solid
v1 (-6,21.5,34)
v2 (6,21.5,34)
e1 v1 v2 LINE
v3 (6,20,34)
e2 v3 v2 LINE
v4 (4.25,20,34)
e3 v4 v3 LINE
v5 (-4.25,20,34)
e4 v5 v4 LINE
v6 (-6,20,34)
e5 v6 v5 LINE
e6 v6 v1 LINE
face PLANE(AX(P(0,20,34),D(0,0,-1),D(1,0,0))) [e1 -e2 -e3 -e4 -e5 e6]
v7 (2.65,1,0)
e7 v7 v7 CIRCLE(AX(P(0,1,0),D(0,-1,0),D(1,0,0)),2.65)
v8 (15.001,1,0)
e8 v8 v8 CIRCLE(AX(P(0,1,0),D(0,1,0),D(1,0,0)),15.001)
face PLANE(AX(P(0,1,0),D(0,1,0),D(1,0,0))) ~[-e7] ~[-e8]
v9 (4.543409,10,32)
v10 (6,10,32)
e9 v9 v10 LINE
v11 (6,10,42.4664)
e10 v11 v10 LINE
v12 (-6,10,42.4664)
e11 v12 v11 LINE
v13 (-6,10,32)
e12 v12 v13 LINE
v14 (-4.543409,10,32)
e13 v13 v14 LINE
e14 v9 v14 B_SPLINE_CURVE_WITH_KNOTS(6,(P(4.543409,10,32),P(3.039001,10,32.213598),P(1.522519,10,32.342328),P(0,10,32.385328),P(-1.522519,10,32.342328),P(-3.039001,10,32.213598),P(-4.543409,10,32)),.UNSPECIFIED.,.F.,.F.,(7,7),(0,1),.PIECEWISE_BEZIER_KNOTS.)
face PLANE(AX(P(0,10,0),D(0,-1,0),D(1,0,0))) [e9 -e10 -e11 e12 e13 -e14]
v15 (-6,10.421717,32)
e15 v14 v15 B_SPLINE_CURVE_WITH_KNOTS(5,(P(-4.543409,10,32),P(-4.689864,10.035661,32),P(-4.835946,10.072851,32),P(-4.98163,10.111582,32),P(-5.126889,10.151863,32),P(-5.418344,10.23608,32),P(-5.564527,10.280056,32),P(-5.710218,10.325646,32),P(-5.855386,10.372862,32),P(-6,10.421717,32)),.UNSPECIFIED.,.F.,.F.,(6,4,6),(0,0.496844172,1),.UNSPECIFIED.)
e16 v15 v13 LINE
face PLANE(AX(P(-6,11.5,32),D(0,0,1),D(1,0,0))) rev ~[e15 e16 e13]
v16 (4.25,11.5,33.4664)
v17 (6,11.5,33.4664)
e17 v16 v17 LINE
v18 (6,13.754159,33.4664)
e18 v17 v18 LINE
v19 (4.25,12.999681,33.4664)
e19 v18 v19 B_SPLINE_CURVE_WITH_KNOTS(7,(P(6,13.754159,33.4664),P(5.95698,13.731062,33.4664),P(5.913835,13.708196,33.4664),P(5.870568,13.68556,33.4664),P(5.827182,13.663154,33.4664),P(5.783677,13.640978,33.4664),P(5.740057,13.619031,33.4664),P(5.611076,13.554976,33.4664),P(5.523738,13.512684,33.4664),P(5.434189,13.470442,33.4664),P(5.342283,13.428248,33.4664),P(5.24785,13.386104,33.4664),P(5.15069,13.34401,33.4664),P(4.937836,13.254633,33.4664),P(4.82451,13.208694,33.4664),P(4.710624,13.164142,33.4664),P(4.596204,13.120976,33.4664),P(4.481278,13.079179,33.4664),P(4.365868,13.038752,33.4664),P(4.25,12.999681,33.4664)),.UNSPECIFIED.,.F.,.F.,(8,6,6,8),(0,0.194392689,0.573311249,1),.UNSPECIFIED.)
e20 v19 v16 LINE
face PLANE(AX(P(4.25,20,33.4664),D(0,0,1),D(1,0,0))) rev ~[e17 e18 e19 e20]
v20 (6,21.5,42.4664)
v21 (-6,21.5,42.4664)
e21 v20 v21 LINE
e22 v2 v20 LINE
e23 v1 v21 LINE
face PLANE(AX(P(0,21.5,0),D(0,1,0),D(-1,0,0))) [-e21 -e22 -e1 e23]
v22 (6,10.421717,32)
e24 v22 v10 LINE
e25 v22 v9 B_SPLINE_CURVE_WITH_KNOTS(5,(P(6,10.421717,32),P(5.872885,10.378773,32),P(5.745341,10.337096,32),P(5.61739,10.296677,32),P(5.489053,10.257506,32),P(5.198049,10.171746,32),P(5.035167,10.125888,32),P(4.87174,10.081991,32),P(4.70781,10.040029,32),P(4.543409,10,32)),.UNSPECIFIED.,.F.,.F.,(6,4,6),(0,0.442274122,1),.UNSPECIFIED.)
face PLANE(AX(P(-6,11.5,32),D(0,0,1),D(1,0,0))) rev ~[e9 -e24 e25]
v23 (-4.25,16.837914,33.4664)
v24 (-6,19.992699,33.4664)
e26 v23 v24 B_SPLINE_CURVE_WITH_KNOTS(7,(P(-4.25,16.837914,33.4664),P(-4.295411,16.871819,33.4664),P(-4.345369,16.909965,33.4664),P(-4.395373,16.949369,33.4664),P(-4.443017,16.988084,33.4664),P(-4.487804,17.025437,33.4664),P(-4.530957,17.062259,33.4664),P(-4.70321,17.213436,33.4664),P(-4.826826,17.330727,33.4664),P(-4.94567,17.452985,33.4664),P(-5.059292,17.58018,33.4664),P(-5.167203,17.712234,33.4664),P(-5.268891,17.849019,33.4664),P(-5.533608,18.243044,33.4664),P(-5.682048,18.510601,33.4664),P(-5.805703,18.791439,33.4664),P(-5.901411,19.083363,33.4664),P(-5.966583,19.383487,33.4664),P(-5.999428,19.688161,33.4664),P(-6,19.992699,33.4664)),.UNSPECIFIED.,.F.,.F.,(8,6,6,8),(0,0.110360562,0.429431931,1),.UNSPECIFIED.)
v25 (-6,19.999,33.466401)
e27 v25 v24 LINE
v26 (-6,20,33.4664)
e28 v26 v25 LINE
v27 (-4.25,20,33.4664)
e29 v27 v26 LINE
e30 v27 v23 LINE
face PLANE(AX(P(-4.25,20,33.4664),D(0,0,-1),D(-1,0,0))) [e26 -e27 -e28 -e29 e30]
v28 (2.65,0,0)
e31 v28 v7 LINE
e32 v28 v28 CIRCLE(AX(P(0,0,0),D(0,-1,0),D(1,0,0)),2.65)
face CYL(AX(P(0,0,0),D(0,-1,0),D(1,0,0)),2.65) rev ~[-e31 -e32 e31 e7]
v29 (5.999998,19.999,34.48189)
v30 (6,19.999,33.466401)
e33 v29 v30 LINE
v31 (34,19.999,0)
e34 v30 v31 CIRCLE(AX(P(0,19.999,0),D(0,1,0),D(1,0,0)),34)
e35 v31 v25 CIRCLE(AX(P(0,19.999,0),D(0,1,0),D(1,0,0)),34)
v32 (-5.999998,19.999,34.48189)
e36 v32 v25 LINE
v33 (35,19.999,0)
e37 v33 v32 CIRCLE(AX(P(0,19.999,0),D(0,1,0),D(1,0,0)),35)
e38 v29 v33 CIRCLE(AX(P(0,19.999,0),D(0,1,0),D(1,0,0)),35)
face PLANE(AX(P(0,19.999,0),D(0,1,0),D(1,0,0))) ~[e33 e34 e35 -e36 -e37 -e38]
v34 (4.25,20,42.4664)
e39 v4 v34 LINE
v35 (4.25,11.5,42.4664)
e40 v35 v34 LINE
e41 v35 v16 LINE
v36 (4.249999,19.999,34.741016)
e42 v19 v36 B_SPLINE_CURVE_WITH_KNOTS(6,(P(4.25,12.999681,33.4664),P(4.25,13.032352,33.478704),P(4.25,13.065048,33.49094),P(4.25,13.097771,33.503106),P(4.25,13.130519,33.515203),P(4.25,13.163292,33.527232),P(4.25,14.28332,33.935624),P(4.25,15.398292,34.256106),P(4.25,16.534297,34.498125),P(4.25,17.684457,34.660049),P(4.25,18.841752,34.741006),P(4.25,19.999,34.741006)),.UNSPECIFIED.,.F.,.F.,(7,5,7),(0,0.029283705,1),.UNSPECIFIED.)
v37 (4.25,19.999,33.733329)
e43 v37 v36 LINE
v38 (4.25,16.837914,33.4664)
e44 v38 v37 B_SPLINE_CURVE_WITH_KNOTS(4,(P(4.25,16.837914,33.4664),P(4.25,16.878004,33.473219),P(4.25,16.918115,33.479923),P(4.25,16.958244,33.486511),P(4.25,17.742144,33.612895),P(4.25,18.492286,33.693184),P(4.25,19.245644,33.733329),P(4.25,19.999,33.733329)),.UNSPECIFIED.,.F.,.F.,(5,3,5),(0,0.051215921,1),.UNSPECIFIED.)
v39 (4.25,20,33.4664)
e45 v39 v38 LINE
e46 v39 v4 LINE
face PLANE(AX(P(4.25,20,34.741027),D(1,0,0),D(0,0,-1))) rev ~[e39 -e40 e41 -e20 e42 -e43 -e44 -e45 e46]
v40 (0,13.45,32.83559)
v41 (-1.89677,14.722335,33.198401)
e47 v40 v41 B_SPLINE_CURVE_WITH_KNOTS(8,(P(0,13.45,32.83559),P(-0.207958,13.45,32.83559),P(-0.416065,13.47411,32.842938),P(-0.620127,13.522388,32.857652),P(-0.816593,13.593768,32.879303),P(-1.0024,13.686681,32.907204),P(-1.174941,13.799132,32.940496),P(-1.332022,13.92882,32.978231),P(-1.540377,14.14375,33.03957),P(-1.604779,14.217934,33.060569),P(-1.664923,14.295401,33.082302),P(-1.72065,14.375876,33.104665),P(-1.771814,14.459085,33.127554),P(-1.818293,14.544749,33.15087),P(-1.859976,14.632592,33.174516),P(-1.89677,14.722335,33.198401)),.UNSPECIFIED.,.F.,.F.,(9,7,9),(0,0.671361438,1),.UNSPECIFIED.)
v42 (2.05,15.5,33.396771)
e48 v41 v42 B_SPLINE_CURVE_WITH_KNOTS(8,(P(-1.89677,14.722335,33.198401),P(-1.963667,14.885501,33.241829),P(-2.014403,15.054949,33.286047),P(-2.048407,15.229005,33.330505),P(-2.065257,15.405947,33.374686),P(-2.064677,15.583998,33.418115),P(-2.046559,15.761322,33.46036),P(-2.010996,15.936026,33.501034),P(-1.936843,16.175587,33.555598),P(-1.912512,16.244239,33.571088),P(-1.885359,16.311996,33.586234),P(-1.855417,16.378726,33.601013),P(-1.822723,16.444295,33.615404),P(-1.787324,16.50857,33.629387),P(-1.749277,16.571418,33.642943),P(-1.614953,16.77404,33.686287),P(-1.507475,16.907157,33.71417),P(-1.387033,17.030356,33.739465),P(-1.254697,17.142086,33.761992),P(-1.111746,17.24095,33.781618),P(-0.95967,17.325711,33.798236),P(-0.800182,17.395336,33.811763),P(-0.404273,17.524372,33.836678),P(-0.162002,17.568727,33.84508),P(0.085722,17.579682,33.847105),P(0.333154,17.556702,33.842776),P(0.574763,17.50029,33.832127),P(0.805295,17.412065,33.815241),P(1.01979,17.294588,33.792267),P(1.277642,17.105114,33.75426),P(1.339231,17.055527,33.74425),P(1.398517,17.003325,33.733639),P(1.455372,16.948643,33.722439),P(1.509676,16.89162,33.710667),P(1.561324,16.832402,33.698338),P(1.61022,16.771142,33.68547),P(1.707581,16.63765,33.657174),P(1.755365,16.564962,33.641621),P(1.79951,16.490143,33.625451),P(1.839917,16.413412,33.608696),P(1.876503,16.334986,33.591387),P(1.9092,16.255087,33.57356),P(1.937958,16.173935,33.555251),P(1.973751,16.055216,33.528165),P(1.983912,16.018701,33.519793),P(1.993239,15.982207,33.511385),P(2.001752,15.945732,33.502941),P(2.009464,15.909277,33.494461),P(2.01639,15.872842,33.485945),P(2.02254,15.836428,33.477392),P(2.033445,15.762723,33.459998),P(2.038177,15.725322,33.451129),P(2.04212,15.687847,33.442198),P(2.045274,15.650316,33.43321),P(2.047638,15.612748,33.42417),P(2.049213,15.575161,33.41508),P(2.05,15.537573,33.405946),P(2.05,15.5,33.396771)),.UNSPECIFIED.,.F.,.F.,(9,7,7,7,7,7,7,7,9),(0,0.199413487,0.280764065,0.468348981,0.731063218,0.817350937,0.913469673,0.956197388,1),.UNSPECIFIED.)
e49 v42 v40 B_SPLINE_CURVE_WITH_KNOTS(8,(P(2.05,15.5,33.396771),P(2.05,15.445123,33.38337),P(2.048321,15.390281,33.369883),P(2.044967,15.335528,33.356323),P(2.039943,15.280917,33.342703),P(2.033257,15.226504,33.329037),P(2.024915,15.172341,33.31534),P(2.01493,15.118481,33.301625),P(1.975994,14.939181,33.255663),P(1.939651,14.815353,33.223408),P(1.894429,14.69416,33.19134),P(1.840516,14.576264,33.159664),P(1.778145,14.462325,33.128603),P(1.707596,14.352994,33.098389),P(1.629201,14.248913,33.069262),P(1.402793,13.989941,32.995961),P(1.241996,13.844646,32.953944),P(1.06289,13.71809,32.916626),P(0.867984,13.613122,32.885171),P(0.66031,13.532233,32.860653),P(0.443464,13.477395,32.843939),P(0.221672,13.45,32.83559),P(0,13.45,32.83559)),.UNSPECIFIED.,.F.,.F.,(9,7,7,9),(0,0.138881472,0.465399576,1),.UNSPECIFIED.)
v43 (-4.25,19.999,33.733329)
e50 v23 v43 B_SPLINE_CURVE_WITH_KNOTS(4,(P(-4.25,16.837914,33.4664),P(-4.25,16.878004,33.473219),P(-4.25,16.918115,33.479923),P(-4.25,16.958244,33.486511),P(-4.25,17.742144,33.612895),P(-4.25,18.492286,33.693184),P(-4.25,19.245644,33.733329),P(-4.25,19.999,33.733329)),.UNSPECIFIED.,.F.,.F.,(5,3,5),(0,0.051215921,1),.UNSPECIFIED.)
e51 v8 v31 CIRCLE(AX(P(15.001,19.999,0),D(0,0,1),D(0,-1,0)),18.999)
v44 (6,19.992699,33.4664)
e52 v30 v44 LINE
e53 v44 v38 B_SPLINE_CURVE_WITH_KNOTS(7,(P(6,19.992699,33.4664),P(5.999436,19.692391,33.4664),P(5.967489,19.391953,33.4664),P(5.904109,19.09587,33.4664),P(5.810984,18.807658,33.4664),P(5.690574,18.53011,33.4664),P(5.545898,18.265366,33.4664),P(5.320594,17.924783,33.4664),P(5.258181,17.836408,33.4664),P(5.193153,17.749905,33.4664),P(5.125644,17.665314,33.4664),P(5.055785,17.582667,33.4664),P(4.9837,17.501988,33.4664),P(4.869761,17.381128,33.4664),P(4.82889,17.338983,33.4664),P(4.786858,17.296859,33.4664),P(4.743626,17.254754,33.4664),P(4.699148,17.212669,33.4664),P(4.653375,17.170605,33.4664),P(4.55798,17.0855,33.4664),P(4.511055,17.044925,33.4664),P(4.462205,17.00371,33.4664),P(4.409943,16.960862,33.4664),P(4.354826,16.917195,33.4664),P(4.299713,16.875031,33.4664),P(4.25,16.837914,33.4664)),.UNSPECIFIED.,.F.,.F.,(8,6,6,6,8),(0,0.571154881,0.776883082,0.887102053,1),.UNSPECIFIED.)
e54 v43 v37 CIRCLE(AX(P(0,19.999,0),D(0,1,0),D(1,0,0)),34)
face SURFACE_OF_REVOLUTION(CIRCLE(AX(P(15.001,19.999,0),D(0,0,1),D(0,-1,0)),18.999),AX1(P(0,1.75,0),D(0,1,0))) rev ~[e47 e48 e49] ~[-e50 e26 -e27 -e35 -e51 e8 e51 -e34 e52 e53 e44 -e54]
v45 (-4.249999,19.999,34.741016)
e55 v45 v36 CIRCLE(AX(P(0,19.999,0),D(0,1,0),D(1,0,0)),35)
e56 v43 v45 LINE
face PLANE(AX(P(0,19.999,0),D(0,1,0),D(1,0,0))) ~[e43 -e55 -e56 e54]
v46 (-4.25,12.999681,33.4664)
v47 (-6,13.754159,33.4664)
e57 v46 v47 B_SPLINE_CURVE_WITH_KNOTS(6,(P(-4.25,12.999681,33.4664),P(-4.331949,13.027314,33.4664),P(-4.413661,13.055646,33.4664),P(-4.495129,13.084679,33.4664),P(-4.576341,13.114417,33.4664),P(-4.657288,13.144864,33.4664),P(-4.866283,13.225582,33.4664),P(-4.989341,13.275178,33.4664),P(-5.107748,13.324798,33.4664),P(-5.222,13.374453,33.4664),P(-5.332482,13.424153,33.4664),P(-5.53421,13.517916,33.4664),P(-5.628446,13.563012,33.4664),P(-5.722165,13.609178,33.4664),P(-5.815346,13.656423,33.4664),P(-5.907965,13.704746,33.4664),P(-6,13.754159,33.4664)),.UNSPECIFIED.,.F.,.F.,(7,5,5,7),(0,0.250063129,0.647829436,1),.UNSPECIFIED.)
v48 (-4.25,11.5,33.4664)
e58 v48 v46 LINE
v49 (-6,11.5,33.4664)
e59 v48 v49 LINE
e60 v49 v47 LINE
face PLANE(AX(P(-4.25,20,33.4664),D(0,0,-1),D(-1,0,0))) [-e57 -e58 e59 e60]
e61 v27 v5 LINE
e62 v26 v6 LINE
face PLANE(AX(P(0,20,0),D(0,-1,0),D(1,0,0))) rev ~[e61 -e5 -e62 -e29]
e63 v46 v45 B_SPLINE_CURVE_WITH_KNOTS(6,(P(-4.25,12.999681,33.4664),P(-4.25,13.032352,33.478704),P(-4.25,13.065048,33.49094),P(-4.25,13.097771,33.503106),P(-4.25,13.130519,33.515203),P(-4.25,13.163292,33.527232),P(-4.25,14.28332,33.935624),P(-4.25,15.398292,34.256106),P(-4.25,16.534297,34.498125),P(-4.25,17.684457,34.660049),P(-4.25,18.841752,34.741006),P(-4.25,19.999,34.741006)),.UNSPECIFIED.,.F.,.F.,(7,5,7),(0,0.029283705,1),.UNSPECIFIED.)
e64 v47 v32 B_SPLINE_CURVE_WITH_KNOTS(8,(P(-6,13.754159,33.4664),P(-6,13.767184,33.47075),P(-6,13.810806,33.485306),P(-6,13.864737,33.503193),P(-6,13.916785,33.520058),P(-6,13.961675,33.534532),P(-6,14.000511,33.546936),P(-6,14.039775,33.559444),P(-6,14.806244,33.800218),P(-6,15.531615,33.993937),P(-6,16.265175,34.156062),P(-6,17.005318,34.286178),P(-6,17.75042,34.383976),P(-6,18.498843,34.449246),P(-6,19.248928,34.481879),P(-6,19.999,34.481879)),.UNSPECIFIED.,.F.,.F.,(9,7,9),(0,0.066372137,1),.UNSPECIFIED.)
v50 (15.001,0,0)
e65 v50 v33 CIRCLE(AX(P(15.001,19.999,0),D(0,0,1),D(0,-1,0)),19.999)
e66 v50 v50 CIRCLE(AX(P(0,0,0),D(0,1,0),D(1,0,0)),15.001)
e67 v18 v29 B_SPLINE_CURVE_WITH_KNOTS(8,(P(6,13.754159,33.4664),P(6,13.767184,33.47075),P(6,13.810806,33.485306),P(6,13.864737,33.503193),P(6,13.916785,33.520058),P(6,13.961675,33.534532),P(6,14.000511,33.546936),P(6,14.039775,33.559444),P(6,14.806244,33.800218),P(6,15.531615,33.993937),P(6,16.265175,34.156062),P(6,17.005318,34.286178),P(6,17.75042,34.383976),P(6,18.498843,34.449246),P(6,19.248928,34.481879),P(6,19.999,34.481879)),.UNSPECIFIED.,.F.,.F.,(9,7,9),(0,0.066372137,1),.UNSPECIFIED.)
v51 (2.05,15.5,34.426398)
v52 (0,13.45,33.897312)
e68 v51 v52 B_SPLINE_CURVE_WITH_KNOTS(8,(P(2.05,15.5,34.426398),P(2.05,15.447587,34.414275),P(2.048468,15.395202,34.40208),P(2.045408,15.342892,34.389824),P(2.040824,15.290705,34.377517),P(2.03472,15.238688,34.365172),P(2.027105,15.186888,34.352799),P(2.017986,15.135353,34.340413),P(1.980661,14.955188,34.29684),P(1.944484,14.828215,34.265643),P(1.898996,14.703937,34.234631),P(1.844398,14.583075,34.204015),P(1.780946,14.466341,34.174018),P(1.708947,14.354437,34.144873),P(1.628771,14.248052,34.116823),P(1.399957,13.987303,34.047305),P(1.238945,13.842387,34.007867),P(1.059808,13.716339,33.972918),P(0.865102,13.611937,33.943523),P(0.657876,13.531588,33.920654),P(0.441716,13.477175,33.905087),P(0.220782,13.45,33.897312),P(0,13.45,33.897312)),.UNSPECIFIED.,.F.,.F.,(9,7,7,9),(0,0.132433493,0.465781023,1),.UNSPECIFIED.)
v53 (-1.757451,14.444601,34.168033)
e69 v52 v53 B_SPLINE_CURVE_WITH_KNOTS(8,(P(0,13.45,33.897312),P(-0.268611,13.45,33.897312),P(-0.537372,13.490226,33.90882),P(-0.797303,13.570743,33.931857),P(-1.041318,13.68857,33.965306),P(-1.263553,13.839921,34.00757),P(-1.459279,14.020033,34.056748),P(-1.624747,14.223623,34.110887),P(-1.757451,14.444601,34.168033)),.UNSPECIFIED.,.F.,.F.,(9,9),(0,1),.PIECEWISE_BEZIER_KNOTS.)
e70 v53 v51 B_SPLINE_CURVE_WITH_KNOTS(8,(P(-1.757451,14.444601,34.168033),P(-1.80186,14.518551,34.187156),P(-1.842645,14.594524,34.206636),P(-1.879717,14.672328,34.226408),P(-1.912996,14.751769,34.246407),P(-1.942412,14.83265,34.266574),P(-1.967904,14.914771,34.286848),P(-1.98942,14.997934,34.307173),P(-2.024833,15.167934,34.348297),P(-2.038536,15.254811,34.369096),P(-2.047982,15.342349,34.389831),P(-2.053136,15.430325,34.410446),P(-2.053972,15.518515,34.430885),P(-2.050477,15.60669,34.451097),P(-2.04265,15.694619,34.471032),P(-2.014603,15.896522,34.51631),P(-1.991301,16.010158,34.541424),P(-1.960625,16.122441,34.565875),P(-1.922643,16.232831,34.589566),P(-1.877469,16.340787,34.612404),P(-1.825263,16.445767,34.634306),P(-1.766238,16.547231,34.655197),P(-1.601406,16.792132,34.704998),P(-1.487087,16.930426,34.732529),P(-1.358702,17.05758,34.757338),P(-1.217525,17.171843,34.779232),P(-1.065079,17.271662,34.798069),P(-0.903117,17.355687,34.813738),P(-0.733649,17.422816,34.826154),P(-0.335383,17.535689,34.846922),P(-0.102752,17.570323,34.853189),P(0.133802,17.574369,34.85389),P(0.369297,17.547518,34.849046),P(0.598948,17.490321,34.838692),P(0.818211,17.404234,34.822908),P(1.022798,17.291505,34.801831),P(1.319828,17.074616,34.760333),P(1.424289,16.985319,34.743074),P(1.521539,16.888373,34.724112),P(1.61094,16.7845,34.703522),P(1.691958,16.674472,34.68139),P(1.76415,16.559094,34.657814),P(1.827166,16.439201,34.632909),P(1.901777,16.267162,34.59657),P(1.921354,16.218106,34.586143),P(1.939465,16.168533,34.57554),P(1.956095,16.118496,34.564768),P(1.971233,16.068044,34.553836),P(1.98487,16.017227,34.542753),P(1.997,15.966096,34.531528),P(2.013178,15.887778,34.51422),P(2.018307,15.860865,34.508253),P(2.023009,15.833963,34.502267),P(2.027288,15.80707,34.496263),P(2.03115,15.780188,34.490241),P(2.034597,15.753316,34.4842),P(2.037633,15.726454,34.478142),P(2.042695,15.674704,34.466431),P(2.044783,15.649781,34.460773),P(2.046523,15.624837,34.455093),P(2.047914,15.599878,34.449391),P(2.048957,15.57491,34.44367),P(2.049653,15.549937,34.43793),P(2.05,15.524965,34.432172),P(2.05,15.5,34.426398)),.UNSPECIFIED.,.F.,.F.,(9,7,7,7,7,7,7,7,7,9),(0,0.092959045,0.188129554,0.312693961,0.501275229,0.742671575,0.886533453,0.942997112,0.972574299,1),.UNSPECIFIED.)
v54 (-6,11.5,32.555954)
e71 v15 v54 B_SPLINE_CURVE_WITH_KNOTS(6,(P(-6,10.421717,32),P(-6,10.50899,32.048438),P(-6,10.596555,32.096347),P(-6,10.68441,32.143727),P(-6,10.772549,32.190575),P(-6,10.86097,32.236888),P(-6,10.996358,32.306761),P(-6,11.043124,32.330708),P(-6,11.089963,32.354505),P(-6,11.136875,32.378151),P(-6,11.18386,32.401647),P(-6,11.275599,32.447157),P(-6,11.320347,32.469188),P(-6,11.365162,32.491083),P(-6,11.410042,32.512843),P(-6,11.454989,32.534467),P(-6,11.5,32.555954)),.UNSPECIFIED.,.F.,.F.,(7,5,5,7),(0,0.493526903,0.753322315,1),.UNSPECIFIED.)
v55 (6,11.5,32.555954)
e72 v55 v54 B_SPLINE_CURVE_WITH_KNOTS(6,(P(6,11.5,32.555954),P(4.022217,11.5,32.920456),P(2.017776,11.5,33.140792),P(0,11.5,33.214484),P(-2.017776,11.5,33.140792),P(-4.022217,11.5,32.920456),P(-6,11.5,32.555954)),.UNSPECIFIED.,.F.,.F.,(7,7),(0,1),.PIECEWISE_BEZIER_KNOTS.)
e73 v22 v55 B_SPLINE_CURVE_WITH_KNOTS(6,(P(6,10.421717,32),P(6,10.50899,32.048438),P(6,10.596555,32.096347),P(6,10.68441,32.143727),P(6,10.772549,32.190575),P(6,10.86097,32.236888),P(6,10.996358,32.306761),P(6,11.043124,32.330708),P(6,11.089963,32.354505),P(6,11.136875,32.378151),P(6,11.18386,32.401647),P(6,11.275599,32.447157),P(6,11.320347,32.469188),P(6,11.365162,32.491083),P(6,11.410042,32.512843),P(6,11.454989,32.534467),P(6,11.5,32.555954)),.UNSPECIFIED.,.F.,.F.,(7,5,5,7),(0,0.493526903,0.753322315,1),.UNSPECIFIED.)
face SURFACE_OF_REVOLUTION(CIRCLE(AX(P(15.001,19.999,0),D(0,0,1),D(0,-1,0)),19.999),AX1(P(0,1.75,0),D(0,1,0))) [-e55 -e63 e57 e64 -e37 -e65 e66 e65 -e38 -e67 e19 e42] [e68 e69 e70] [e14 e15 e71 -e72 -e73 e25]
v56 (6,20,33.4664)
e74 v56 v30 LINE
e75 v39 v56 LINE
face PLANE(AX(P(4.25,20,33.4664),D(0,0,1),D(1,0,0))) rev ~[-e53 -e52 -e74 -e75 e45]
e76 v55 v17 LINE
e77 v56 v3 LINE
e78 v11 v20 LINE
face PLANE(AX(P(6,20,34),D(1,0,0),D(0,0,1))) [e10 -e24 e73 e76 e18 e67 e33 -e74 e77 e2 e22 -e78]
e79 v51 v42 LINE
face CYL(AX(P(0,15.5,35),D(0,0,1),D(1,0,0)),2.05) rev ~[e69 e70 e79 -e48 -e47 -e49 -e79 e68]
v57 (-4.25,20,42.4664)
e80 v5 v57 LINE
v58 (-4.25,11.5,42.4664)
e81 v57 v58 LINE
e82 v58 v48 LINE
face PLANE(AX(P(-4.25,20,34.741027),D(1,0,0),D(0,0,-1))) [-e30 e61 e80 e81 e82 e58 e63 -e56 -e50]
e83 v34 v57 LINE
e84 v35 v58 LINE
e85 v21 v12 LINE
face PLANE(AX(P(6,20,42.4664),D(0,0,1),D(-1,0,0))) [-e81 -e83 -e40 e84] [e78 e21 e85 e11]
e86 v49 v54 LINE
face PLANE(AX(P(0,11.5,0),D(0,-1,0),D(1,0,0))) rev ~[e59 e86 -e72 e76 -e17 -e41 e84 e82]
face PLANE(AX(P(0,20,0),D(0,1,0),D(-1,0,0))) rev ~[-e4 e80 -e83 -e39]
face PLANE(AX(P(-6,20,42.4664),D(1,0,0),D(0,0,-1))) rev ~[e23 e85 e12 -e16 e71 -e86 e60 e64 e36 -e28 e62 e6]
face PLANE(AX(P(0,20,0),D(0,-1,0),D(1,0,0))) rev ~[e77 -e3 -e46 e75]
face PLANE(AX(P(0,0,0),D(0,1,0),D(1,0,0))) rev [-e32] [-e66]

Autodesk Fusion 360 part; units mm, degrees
sketch "Sketch1" plane through (0, 0, 0) normal (0, 0, 1) x (1, 0, 0)
  line L0 (0, 0) -> (15.001, 0)
  line L1 (35, 19.999) -> (35, 20)
  arc A0 (15.001, 0) -> (35, 19.999) centre (15.001, 19.999) ccw
  line L2 (0, 1) -> (15.001, 1)
  arc A1 (15.001, 1) -> (34, 19.999) centre (15.001, 19.999) ccw
  line L3 (34, 19.999) -> (34, 20)
  line L4 (34, 20) -> (35, 20)
  line L5 (0, 1) -> (0, 0)
  point P0 (35, 0)
  dimension "d1" = 35
  dimension "d2" = 20
  dimension "d3" = 19.999
  dimension "d4" = -1
revolve "Revolve1" add sketch "Sketch1" angle 360 about axis through (0, 1.75, 0) along (0, 1, 0)
ref_plane "WorkPlane1" through (0, 0, 35) normal (0, 0, 1) x (1, 0, 0)
sketch "Sketch2" plane through (0, 0, 35) normal (0, 0, 1) x (1, 0, 0)
  line L0 (0, 0) -> (0, 15.5)
  circle A0 centre (0, 15.5) radius 2.05
  dimension "d7" = 15.5
  dimension "d8" = 4.1
extrude "Extrude1" cut sketch "Sketch2" against normal blind 10
sketch "Sketch3" plane through (0, 0, 0) normal (0, -1, 0) x (1, 0, 0)
  circle A0 centre (0, 0) radius 15.001
  circle A1 centre (0, 0) radius 2.65
  dimension "d11" = 5.3
extrude "Extrude2" cut sketch "Sketch3" along normal blind 30 and the other way blind 30 contours A1
sketch "Sketch4" plane through (0, 20, 0) normal (0, 1, 0) x (-1, 0, 0)
  circle A0 centre (0, 0) radius 34
  circle A1 centre (0, 0) radius 35
  line L0 (-6, 42.4664) -> (6, 42.4664)
  line L1 (6, 42.4664) -> (6, 33.4664)
  line L2 (-6, 33.4664) -> (-6, 42.4664)
  line L3 (-6, 42.4664) -> (0, 34) construction
  line L4 (6, 42.4664) -> (0, 34) construction
  line L5 (0, 34) -> (-6, 34)
  line L6 (0, 34) -> (6, 34)
  dimension "d16" = 9
  dimension "d19" = 12
  dimension "d20" = 6
extrude "Extrude3" add sketch "Sketch4" along normal blind 1.5 contours A1 L1 L2 L5 L6 | A1 L0 L1 L2
sketch "Sketch5" plane through (0, 20, 0) normal (0, -1, 0) x (1, 0, 0)
  arc A0 (6, 34.4819) -> (-6, 34.4819) centre (0, 0) ccw
  line L0 (6, 34.4819) -> (6, 42.4664)
  line L1 (6, 42.4664) -> (-6, 42.4664)
  line L2 (-6, 42.4664) -> (-6, 34.4819)
  line L3 (6, 42.4664) -> (4.25, 42.4664)
  line L4 (4.25, 42.4664) -> (4.25, 33.4664)
  line L5 (4.25, 33.4664) -> (6, 33.4664)
  line L6 (6, 33.4664) -> (6, 42.4664)
  line L7 (-6, 42.4664) -> (-4.25, 42.4664)
  line L8 (-4.25, 42.4664) -> (-4.25, 33.4664)
  line L9 (-4.25, 33.4664) -> (-6, 33.4664)
  line L10 (-6, 33.4664) -> (-6, 42.4664)
  dimension "d21" = 9
  dimension "d22" = 1.75
  dimension "d23" = 1.75
  dimension "d24" = 9
extrude "Extrude4" add sketch "Sketch5" along normal blind 8 contours A0 L0 L1 L3 L4 L6 | A0 L1 L2 L7 L8 L10
extrude "Extrude5" cut sketch "Sketch5" along normal blind 8 contours A0 L4 L5 L6 | A0 L0 L1 L3 L4 L6 | A0 L8 L9 L10 | A0 L1 L2 L7 L8 L10
extrude "Extrude6" add sketch "Sketch5" along normal blind 8 contours A0 L4 L5 L6 | A0 L0 L1 L3 L4 L6 | A0 L8 L9 L10 | A0 L1 L2 L7 L8 L10
extrude "Extrude7" add sketch "Sketch5" along normal blind 8.5 contours A0 L4 L5 L6 | A0 L0 L1 L3 L4 L6 | A0 L8 L9 L10 | A0 L1 L2 L7 L8 L10
sketch "Sketch6" plane through (0, 11.5, 0) normal (0, -1, 0) x (1, 0, 0)
  line L0 (6, 33.4664) -> (6, 42.4664)
  line L1 (6, 42.4664) -> (4.25, 42.4664)
  line L2 (4.25, 42.4664) -> (4.25, 33.4664)
  line L3 (4.25, 33.4664) -> (6, 33.4664)
  line L4 (6, 42.4664) -> (-6, 42.4664)
  line L5 (-6, 42.4664) -> (-6, 32)
  line L6 (-6, 32) -> (6, 32)
  line L7 (6, 32) -> (6, 42.4664)
extrude "Extrude8" add sketch "Sketch6" along normal blind 1.5
